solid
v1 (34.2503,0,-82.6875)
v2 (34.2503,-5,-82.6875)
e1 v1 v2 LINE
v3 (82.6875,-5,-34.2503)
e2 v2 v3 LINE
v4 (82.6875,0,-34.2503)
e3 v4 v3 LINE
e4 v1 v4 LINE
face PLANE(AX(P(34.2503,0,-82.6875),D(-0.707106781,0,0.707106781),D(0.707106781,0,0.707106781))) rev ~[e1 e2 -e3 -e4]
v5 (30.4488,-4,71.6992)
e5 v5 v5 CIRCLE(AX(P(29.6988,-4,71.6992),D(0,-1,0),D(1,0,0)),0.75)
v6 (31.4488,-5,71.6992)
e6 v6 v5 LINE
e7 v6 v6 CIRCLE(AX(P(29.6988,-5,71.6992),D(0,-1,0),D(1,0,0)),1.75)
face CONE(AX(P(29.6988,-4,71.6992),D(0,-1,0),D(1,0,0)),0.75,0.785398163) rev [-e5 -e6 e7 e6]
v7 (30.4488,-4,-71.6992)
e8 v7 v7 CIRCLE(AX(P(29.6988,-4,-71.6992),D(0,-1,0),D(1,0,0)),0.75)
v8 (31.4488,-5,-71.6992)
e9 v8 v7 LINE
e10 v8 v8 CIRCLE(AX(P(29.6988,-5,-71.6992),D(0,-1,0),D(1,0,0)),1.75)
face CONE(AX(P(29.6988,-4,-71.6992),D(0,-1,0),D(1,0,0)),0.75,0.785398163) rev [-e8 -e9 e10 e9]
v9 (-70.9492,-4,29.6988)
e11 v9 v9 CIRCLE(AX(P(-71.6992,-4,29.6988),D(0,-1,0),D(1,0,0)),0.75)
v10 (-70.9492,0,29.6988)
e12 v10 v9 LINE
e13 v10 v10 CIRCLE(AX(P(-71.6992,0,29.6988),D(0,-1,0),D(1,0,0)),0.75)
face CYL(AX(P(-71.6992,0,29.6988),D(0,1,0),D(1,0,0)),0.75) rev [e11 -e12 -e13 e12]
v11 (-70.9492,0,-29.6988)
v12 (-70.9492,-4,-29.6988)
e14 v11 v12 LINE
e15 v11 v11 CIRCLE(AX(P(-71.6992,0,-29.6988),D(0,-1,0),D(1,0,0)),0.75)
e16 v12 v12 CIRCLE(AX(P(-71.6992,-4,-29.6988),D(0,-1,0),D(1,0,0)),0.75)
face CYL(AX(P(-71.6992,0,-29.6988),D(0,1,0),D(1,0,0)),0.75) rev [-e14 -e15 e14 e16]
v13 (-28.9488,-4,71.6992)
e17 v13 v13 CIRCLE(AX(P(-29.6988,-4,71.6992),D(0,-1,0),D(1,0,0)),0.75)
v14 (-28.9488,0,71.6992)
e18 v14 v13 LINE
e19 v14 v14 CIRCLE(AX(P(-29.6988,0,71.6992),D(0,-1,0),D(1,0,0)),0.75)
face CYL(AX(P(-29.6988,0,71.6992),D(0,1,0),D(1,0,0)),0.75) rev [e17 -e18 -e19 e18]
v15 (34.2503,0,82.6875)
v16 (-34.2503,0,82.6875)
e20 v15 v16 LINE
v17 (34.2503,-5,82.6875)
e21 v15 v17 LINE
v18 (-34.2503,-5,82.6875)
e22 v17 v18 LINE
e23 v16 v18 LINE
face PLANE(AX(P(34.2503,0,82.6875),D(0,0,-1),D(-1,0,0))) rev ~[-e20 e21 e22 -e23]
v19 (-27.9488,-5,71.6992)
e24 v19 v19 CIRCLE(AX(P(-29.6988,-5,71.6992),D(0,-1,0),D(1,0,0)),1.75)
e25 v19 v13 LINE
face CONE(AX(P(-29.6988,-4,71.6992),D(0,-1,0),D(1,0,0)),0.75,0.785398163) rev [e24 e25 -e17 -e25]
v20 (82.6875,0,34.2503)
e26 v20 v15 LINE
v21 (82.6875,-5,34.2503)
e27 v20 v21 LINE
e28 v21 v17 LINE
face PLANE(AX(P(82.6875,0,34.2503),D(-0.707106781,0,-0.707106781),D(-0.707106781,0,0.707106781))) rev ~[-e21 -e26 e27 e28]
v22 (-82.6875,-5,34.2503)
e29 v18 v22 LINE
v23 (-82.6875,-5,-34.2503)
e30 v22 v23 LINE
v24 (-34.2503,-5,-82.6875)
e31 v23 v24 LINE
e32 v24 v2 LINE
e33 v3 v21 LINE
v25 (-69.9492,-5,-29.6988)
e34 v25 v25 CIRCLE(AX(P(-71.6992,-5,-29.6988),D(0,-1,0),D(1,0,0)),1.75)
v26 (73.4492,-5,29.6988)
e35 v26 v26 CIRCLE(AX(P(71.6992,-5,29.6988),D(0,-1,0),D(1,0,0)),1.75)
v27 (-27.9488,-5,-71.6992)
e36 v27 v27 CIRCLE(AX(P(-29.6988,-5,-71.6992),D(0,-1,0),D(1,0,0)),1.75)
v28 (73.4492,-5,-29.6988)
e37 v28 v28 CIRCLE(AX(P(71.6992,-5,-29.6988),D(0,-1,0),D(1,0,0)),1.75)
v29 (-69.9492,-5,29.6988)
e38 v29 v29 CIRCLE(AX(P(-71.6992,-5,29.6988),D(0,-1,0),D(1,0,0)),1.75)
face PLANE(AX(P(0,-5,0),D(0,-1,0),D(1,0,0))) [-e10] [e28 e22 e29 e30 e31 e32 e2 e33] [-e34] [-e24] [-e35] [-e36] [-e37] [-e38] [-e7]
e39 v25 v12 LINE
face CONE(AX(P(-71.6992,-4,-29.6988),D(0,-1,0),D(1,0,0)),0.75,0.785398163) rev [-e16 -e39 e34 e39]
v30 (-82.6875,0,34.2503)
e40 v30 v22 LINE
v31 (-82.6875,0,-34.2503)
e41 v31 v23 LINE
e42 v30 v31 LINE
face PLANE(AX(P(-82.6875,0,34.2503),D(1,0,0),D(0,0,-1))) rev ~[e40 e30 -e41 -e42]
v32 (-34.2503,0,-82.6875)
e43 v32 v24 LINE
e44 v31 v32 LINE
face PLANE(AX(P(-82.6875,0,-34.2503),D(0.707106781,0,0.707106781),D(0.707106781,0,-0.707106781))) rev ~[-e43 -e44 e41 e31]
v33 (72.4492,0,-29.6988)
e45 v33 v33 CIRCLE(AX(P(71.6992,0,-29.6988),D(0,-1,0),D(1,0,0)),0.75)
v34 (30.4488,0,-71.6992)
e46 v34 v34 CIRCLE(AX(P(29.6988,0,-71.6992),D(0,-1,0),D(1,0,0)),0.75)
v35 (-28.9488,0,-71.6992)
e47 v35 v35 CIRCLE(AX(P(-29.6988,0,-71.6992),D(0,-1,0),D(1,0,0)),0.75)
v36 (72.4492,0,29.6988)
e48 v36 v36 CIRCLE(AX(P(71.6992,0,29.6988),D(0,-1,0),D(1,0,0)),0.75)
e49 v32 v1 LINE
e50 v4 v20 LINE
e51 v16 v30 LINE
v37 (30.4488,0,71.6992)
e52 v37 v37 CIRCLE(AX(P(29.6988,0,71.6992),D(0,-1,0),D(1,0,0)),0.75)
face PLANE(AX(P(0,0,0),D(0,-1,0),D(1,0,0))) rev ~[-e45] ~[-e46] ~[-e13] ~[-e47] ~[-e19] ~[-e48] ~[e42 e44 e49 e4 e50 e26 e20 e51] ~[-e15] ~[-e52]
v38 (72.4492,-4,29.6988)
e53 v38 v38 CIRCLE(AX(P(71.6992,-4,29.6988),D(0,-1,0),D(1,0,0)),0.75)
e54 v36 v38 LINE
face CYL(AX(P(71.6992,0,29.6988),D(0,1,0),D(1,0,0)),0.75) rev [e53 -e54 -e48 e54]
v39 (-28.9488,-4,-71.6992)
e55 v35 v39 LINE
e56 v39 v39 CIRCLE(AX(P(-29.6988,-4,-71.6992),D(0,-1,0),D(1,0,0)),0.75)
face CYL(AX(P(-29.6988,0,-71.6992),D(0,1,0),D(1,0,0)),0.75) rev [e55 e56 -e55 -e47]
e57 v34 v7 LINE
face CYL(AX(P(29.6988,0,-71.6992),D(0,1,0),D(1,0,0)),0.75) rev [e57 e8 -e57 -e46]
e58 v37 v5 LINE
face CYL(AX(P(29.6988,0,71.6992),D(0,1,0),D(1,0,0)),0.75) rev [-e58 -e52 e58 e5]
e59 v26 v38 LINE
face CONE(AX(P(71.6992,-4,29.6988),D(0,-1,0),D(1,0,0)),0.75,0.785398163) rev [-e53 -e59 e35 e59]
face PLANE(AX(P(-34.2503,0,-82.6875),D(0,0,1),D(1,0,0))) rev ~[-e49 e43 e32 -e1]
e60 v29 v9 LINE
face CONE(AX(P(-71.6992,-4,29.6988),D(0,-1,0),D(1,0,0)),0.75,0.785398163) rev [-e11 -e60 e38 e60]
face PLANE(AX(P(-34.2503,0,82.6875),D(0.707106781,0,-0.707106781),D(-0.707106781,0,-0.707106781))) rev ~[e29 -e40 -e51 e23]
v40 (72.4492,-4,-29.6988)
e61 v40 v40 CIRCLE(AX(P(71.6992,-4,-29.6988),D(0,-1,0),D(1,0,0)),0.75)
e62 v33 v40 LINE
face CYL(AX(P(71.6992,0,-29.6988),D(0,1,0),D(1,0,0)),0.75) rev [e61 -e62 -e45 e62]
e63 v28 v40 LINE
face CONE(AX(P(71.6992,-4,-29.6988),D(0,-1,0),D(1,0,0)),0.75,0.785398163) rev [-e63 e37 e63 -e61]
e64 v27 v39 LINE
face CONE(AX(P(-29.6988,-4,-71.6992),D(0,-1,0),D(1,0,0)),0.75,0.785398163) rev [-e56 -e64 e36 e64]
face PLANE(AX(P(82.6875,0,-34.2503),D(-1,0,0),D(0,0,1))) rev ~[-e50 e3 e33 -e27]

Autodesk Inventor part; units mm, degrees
ref_plane "YZ Plane" through (0, 0, 0) normal (1, 0, 0) x (0, 1, 0)
ref_plane "XZ Plane" through (0, 0, 0) normal (0, 1, 0) x (-1, 0, 0)
ref_plane "XY Plane" through (0, 0, 0) normal (0, 0, 1) x (1, 0, 0)
ref_plane "Work Plane13" through (0, 0, 0) normal (0, -1, 0) x (1, 0, 0)
sketch "Sketch13" plane through (0, 0, 0) normal (0, -1, 0) x (1, 0, 0)
  circle A0 centre (-71.6992, -29.6988) radius 0.75 projected
  circle A1 centre (29.6988, -71.6992) radius 0.75 projected
  circle A2 centre (71.6992, 29.6988) radius 0.75 projected
  circle A3 centre (29.6988, 71.6992) radius 0.75 projected
  circle A4 centre (-29.6988, 71.6992) radius 0.75 projected
  circle A5 centre (71.6992, -29.6988) radius 0.75 projected
  circle A6 centre (-29.6988, -71.6992) radius 0.75 projected
  circle A7 centre (-71.6992, 29.6988) radius 0.75 projected
  line L0 (-82.6875, -34.2503) -> (-34.2503, -82.6875) projected
  line L1 (-34.2503, -82.6875) -> (34.2503, -82.6875) projected
  line L2 (34.2503, -82.6875) -> (82.6875, -34.2503) projected
  line L3 (82.6875, -34.2503) -> (82.6875, 34.2503) projected
  line L4 (82.6875, 34.2503) -> (34.2503, 82.6875) projected
  line L5 (34.2503, 82.6875) -> (-34.2503, 82.6875) projected
  line L6 (-34.2503, 82.6875) -> (-82.6875, 34.2503) projected
  line L7 (-82.6875, 34.2503) -> (-82.6875, -34.2503) projected
  arc A8 (-33.3536, 70.0737) -> (-25.965, 73.1342) centre (-29.6988, 71.6992) ccw projected
  arc A9 (25.965, 73.1342) -> (-25.965, 73.1342) centre (0, 0) ccw projected
  arc A10 (25.965, 73.1342) -> (33.3536, 70.0737) centre (29.6988, 71.6992) ccw projected
  arc A11 (70.0737, 33.3536) -> (33.3536, 70.0737) centre (0, 0) ccw projected
  arc A12 (70.0737, 33.3536) -> (73.1342, 25.965) centre (71.6992, 29.6988) ccw projected
  arc A13 (73.1342, -25.965) -> (73.1342, 25.965) centre (0, 0) ccw projected
  arc A14 (73.1342, -25.965) -> (70.0737, -33.3536) centre (71.6992, -29.6988) ccw projected
  arc A15 (33.3536, -70.0737) -> (70.0737, -33.3536) centre (0, 0) ccw projected
  arc A16 (33.3536, -70.0737) -> (25.965, -73.1342) centre (29.6988, -71.6992) ccw projected
  arc A17 (-25.965, -73.1342) -> (25.965, -73.1342) centre (0, 0) ccw projected
  arc A18 (-25.965, -73.1342) -> (-33.3536, -70.0737) centre (-29.6988, -71.6992) ccw projected
  arc A19 (-70.0737, -33.3536) -> (-33.3536, -70.0737) centre (0, 0) ccw projected
  arc A20 (-70.0737, -33.3536) -> (-73.1342, -25.965) centre (-71.6992, -29.6988) ccw projected
  arc A21 (-73.1342, 25.965) -> (-73.1342, -25.965) centre (0, 0) ccw projected
  arc A22 (-73.1342, 25.965) -> (-70.0737, 33.3536) centre (-71.6992, 29.6988) ccw projected
  arc A23 (-33.3536, 70.0737) -> (-70.0737, 33.3536) centre (0, 0) ccw projected
extrude "Extrusion11" add sketch "Sketch13" along normal blind 5 contours L7 L6 L5 L4 L3 L2 L1 L0 | A8 A9 A10 A11 A12 A13 A14 A15 A16 A17 A18 A19 A20 A21 A22 A23
chamfer "Chamfer2" distance 1 angle 45 8 edges at (-72.4492, -5, -29.6988) (-30.4488, -5, -71.6992) (28.9488, -5, -71.6992) (70.9492, -5, -29.6988) (70.9492, -5, 29.6988) (28.9488, -5, 71.6992) (-30.4488, -5, 71.6992) (-72.4492, -5, 29.6988)
properties part number "meteostanica radiation shield spodny kryt"
